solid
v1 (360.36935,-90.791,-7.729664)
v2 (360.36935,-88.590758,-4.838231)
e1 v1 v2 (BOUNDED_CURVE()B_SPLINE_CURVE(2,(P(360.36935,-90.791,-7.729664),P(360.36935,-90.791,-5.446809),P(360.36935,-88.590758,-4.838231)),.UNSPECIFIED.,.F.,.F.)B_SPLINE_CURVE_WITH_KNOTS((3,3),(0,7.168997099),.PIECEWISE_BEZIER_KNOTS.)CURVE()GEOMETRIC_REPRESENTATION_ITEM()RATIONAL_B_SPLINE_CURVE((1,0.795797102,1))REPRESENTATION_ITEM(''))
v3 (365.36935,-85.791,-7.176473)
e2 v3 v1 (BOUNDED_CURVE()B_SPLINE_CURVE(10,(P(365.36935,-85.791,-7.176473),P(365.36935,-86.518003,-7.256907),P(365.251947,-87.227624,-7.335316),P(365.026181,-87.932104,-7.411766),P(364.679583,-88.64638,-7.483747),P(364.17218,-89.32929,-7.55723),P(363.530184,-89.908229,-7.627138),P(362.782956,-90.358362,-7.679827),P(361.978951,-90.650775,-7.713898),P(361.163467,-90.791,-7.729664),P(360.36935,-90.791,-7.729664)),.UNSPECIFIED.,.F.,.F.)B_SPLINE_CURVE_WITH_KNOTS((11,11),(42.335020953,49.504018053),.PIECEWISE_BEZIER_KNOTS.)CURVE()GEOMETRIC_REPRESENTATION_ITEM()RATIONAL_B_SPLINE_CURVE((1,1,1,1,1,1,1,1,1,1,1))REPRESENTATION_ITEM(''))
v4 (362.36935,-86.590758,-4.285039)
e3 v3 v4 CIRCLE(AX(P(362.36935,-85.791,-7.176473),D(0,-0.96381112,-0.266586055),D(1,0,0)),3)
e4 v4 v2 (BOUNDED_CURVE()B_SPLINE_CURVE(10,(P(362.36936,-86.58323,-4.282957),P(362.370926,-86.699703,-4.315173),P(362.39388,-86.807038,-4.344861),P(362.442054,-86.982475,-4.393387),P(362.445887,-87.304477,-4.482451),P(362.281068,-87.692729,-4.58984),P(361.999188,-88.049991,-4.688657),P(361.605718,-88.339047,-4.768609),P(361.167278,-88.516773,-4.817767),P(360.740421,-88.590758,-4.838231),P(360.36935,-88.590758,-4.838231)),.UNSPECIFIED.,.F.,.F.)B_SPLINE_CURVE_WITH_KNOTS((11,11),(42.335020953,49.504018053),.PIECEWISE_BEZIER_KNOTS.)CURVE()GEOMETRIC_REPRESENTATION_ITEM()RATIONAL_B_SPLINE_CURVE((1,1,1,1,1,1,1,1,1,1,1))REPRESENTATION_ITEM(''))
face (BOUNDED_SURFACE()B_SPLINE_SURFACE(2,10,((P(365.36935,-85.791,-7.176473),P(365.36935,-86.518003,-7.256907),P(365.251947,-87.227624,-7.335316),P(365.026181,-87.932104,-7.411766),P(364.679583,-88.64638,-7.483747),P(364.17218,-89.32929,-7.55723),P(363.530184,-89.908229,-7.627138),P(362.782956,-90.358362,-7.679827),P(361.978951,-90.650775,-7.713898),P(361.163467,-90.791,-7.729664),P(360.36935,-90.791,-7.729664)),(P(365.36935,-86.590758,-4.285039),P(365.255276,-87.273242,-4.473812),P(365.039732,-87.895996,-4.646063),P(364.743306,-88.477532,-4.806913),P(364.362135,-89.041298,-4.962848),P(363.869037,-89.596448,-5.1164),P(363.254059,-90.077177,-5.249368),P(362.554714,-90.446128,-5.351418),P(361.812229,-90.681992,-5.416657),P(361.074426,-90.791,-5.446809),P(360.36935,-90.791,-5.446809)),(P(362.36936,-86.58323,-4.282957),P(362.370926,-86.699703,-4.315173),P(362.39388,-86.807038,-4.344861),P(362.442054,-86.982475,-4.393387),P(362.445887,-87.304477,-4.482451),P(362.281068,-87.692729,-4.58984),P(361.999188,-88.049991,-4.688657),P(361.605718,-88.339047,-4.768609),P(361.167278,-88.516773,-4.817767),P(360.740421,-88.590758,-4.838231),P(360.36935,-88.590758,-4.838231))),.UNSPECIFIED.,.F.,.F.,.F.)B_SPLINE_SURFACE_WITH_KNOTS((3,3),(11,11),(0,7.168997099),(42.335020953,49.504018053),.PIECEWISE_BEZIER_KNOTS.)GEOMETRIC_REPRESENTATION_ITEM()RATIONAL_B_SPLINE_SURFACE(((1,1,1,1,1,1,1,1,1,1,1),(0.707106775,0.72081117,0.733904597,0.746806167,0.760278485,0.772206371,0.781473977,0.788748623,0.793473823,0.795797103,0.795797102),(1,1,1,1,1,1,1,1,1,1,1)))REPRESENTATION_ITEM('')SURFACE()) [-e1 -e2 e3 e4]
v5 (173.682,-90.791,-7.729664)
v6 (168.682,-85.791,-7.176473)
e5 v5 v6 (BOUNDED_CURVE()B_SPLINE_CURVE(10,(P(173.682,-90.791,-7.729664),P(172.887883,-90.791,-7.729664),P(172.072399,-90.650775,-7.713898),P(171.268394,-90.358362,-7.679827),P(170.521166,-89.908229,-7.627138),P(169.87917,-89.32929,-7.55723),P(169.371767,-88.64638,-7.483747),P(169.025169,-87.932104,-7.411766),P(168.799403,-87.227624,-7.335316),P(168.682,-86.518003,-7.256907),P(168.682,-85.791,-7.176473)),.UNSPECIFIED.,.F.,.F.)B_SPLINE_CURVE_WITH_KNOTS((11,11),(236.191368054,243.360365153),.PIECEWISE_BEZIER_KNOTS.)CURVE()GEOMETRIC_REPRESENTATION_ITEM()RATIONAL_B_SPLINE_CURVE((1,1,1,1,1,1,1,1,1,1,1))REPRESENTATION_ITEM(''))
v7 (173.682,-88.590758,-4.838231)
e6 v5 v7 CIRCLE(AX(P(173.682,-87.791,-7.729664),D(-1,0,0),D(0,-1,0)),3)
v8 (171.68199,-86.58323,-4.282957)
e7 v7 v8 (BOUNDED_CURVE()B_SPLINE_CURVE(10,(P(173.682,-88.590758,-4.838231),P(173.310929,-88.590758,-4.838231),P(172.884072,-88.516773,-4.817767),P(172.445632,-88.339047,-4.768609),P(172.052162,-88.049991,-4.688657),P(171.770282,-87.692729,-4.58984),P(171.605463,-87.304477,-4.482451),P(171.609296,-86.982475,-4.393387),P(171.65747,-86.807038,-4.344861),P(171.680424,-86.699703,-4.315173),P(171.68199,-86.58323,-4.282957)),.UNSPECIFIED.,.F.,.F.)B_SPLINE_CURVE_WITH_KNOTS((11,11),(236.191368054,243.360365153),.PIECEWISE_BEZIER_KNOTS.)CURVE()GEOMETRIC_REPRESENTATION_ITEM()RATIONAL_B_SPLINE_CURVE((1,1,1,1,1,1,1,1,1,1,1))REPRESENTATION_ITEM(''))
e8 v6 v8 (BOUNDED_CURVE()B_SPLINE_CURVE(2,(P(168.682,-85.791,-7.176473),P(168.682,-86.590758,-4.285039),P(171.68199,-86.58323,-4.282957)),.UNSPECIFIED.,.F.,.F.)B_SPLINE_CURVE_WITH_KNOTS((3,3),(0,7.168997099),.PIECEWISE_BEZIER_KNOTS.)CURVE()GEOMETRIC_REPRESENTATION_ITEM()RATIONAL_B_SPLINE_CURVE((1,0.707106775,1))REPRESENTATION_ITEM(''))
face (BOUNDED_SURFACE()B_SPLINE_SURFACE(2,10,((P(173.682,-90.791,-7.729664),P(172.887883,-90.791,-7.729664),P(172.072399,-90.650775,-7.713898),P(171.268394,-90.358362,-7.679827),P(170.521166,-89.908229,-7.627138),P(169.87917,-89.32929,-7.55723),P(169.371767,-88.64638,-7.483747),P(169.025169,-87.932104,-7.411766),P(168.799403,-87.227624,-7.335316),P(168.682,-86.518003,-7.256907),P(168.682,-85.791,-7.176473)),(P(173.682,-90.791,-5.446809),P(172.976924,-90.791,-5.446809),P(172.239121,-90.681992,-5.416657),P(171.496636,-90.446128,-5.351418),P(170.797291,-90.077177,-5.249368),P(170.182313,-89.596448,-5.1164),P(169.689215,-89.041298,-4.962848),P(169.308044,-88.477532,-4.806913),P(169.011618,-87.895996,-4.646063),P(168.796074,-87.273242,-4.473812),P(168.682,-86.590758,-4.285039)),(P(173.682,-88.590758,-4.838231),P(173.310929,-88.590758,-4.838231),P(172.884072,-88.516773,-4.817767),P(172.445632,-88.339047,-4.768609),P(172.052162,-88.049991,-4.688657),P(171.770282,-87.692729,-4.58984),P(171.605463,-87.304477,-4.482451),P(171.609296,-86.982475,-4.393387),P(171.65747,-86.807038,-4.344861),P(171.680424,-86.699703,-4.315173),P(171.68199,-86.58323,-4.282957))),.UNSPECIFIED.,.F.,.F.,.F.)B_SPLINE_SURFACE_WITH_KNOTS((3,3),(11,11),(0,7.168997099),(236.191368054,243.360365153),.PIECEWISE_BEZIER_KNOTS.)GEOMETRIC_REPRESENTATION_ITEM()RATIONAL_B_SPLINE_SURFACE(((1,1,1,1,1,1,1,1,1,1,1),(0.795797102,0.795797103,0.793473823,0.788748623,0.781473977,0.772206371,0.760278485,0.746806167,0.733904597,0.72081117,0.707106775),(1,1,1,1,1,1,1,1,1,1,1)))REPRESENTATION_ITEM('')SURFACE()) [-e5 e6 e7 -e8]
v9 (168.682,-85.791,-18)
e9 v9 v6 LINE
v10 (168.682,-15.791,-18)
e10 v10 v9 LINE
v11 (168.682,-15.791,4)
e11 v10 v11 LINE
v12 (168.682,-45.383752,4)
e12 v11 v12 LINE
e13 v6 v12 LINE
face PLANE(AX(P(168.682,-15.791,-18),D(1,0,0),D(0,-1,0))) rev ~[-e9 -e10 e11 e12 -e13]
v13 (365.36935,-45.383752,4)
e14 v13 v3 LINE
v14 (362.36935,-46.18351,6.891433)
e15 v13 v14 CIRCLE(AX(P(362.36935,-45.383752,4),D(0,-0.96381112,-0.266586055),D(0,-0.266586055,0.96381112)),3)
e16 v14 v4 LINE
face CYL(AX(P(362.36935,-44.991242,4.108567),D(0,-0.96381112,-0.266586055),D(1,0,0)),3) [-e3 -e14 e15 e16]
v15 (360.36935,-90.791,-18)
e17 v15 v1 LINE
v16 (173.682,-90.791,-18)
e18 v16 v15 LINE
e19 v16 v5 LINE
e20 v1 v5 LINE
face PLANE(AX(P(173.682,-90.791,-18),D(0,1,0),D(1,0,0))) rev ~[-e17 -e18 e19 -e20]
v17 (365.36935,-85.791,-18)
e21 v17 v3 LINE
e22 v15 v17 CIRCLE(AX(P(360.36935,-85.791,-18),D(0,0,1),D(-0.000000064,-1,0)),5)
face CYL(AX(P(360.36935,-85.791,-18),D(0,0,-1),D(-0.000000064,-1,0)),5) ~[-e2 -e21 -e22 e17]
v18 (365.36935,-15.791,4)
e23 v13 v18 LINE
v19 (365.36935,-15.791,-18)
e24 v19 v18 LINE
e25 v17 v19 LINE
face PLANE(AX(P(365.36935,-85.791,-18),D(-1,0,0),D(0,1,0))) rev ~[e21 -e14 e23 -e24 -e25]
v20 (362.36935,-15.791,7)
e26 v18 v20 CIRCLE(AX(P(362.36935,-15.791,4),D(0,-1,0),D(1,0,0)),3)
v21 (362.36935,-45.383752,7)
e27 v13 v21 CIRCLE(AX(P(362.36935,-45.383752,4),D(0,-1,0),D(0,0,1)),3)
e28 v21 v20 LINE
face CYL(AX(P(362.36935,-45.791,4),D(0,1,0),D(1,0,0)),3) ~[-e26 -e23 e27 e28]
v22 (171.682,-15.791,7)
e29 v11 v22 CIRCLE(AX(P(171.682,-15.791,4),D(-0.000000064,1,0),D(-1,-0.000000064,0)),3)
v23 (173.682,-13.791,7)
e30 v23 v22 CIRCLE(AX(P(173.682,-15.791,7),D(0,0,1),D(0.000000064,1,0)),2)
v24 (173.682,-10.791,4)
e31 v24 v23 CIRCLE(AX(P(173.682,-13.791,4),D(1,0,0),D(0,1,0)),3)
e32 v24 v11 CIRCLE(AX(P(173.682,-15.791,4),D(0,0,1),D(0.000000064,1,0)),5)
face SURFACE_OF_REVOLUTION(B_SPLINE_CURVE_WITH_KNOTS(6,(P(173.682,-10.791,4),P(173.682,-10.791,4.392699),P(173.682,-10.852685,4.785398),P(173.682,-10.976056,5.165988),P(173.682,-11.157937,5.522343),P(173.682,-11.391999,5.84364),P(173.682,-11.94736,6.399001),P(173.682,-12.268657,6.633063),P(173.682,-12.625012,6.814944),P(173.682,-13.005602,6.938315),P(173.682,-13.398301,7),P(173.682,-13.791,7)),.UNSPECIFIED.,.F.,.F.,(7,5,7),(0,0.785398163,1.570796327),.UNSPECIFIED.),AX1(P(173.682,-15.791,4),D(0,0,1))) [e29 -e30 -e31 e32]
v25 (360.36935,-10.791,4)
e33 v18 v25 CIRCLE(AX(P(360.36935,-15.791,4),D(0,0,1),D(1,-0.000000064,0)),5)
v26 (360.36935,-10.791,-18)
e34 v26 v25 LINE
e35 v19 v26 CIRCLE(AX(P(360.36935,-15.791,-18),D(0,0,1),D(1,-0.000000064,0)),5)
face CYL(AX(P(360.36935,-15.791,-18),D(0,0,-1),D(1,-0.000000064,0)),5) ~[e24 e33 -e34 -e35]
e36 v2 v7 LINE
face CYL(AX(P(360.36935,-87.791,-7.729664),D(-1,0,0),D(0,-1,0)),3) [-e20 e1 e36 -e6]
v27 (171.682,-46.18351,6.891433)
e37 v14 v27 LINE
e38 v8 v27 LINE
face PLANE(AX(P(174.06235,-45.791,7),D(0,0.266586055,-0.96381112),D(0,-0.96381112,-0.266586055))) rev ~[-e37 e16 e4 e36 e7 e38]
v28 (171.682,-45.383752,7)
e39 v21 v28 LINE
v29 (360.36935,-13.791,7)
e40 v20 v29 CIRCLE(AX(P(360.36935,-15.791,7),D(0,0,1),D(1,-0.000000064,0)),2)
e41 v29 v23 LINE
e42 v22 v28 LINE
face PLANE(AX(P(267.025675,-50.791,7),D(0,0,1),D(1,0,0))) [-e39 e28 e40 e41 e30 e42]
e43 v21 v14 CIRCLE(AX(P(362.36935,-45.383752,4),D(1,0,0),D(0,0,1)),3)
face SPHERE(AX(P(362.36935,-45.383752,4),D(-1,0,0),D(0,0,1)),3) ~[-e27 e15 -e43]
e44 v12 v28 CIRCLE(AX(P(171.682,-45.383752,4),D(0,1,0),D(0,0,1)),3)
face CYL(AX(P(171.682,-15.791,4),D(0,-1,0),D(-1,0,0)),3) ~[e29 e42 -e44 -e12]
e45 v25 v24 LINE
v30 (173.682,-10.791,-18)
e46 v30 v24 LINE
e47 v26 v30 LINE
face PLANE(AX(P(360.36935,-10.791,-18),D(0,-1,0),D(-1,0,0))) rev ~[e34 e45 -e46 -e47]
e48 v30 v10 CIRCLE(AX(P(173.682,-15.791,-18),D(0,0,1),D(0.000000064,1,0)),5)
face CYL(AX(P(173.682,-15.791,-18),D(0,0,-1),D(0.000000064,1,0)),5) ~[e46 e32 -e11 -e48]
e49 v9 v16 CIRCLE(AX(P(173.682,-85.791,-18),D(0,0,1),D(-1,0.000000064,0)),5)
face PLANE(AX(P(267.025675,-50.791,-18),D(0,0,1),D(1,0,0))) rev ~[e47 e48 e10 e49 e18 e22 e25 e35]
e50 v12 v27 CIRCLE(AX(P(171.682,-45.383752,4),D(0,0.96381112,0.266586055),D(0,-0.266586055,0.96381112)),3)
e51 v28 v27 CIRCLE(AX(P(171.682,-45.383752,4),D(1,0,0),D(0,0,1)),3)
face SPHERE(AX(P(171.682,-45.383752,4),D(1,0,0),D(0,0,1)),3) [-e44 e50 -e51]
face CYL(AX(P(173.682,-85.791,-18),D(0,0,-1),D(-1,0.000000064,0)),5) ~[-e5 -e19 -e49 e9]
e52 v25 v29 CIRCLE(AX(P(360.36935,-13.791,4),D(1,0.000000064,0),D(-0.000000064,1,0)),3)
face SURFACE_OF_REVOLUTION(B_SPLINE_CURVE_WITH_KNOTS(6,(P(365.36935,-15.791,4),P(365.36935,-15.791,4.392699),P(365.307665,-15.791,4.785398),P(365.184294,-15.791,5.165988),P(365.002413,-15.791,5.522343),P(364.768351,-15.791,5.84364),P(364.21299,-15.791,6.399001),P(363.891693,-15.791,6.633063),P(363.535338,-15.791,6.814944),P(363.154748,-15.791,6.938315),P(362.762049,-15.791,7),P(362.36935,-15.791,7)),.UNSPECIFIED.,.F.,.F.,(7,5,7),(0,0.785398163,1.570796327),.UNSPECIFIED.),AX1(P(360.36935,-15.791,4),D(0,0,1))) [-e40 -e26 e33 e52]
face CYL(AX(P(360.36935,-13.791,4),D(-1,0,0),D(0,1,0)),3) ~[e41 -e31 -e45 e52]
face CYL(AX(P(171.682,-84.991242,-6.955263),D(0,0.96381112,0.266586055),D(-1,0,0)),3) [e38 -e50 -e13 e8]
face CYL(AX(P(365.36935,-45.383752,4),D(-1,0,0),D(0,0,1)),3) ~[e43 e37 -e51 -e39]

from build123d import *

# Parameters (mm, degrees)
RIGHT_PALM_PAD_DEPTH        = 25
RIGHT_PALM_WEDGE_DEPTH      = 5.38135
RIGHT_PALM_WEDGE_DEPTH_BACK = 191.308
RIGHT_PALM_FILLET_R         = 3


with BuildPart() as part:
    # Right_Palm_Base → Right_Palm_Pad (new body)
    with BuildSketch(Plane.XY.offset(-18)):
        with BuildLine():
            Line((-0.38035, -90.791), (186.307, -90.791))
            ThreePointArc((186.307, -90.791), (189.842534, -89.326534), (191.307, -85.791))
            Line((191.307, -85.791), (191.307, -15.791))
            ThreePointArc((191.307, -15.791), (189.842534, -12.255466), (186.307, -10.791))
            Line((186.307, -10.791), (-0.38035, -10.791))
            ThreePointArc((-0.38035, -10.791), (-3.915884, -12.255466), (-5.38035, -15.791))
            Line((-5.38035, -15.791), (-5.38035, -85.791))
            ThreePointArc((-5.38035, -85.791), (-3.915884, -89.326534), (-0.38035, -90.791))
        make_face()
    extrude(amount=RIGHT_PALM_PAD_DEPTH)

    # Right_Palm_WedgeCut → Right_Palm_Wedge (cut, two sides)
    with BuildSketch(Plane.YZ) as right_palm_wedge_sk:
        Polygon((-45.791, 7), (-92.791, -6), (-92.791, 9), (-45.791, 9), align=None)
    extrude(amount=-RIGHT_PALM_WEDGE_DEPTH, mode=Mode.SUBTRACT)
    extrude(right_palm_wedge_sk.sketch, amount=RIGHT_PALM_WEDGE_DEPTH_BACK, mode=Mode.SUBTRACT)

    # Right_Palm_Fillet
    right_palm_fillet_edges = [part.edges().sort_by_distance(p)[0] for p in [
        (92.963325, -90.791, -5.446809),
        (189.874947, -89.293821, -5.032695),
        (92.963325, -45.791, 7),
        (-5.38035, -65.791, 1.468085),
        (-3.948297, -89.293821, -5.032695),
        (191.307, -65.791, 1.468085),
        (191.307, -30.791, 7),
        (189.842534, -12.255466, 7),
        (92.963325, -10.791, 7),
        (-3.915884, -12.255466, 7),
        (-5.38035, -30.791, 7),
    ]]
    fillet(right_palm_fillet_edges, radius=RIGHT_PALM_FILLET_R)


with BuildPart() as part_1:
    # Right_Palm_Rest placement: moved
    add(part.part.moved(Location((174.06235, 0, 0))))


solid = part_1.part
